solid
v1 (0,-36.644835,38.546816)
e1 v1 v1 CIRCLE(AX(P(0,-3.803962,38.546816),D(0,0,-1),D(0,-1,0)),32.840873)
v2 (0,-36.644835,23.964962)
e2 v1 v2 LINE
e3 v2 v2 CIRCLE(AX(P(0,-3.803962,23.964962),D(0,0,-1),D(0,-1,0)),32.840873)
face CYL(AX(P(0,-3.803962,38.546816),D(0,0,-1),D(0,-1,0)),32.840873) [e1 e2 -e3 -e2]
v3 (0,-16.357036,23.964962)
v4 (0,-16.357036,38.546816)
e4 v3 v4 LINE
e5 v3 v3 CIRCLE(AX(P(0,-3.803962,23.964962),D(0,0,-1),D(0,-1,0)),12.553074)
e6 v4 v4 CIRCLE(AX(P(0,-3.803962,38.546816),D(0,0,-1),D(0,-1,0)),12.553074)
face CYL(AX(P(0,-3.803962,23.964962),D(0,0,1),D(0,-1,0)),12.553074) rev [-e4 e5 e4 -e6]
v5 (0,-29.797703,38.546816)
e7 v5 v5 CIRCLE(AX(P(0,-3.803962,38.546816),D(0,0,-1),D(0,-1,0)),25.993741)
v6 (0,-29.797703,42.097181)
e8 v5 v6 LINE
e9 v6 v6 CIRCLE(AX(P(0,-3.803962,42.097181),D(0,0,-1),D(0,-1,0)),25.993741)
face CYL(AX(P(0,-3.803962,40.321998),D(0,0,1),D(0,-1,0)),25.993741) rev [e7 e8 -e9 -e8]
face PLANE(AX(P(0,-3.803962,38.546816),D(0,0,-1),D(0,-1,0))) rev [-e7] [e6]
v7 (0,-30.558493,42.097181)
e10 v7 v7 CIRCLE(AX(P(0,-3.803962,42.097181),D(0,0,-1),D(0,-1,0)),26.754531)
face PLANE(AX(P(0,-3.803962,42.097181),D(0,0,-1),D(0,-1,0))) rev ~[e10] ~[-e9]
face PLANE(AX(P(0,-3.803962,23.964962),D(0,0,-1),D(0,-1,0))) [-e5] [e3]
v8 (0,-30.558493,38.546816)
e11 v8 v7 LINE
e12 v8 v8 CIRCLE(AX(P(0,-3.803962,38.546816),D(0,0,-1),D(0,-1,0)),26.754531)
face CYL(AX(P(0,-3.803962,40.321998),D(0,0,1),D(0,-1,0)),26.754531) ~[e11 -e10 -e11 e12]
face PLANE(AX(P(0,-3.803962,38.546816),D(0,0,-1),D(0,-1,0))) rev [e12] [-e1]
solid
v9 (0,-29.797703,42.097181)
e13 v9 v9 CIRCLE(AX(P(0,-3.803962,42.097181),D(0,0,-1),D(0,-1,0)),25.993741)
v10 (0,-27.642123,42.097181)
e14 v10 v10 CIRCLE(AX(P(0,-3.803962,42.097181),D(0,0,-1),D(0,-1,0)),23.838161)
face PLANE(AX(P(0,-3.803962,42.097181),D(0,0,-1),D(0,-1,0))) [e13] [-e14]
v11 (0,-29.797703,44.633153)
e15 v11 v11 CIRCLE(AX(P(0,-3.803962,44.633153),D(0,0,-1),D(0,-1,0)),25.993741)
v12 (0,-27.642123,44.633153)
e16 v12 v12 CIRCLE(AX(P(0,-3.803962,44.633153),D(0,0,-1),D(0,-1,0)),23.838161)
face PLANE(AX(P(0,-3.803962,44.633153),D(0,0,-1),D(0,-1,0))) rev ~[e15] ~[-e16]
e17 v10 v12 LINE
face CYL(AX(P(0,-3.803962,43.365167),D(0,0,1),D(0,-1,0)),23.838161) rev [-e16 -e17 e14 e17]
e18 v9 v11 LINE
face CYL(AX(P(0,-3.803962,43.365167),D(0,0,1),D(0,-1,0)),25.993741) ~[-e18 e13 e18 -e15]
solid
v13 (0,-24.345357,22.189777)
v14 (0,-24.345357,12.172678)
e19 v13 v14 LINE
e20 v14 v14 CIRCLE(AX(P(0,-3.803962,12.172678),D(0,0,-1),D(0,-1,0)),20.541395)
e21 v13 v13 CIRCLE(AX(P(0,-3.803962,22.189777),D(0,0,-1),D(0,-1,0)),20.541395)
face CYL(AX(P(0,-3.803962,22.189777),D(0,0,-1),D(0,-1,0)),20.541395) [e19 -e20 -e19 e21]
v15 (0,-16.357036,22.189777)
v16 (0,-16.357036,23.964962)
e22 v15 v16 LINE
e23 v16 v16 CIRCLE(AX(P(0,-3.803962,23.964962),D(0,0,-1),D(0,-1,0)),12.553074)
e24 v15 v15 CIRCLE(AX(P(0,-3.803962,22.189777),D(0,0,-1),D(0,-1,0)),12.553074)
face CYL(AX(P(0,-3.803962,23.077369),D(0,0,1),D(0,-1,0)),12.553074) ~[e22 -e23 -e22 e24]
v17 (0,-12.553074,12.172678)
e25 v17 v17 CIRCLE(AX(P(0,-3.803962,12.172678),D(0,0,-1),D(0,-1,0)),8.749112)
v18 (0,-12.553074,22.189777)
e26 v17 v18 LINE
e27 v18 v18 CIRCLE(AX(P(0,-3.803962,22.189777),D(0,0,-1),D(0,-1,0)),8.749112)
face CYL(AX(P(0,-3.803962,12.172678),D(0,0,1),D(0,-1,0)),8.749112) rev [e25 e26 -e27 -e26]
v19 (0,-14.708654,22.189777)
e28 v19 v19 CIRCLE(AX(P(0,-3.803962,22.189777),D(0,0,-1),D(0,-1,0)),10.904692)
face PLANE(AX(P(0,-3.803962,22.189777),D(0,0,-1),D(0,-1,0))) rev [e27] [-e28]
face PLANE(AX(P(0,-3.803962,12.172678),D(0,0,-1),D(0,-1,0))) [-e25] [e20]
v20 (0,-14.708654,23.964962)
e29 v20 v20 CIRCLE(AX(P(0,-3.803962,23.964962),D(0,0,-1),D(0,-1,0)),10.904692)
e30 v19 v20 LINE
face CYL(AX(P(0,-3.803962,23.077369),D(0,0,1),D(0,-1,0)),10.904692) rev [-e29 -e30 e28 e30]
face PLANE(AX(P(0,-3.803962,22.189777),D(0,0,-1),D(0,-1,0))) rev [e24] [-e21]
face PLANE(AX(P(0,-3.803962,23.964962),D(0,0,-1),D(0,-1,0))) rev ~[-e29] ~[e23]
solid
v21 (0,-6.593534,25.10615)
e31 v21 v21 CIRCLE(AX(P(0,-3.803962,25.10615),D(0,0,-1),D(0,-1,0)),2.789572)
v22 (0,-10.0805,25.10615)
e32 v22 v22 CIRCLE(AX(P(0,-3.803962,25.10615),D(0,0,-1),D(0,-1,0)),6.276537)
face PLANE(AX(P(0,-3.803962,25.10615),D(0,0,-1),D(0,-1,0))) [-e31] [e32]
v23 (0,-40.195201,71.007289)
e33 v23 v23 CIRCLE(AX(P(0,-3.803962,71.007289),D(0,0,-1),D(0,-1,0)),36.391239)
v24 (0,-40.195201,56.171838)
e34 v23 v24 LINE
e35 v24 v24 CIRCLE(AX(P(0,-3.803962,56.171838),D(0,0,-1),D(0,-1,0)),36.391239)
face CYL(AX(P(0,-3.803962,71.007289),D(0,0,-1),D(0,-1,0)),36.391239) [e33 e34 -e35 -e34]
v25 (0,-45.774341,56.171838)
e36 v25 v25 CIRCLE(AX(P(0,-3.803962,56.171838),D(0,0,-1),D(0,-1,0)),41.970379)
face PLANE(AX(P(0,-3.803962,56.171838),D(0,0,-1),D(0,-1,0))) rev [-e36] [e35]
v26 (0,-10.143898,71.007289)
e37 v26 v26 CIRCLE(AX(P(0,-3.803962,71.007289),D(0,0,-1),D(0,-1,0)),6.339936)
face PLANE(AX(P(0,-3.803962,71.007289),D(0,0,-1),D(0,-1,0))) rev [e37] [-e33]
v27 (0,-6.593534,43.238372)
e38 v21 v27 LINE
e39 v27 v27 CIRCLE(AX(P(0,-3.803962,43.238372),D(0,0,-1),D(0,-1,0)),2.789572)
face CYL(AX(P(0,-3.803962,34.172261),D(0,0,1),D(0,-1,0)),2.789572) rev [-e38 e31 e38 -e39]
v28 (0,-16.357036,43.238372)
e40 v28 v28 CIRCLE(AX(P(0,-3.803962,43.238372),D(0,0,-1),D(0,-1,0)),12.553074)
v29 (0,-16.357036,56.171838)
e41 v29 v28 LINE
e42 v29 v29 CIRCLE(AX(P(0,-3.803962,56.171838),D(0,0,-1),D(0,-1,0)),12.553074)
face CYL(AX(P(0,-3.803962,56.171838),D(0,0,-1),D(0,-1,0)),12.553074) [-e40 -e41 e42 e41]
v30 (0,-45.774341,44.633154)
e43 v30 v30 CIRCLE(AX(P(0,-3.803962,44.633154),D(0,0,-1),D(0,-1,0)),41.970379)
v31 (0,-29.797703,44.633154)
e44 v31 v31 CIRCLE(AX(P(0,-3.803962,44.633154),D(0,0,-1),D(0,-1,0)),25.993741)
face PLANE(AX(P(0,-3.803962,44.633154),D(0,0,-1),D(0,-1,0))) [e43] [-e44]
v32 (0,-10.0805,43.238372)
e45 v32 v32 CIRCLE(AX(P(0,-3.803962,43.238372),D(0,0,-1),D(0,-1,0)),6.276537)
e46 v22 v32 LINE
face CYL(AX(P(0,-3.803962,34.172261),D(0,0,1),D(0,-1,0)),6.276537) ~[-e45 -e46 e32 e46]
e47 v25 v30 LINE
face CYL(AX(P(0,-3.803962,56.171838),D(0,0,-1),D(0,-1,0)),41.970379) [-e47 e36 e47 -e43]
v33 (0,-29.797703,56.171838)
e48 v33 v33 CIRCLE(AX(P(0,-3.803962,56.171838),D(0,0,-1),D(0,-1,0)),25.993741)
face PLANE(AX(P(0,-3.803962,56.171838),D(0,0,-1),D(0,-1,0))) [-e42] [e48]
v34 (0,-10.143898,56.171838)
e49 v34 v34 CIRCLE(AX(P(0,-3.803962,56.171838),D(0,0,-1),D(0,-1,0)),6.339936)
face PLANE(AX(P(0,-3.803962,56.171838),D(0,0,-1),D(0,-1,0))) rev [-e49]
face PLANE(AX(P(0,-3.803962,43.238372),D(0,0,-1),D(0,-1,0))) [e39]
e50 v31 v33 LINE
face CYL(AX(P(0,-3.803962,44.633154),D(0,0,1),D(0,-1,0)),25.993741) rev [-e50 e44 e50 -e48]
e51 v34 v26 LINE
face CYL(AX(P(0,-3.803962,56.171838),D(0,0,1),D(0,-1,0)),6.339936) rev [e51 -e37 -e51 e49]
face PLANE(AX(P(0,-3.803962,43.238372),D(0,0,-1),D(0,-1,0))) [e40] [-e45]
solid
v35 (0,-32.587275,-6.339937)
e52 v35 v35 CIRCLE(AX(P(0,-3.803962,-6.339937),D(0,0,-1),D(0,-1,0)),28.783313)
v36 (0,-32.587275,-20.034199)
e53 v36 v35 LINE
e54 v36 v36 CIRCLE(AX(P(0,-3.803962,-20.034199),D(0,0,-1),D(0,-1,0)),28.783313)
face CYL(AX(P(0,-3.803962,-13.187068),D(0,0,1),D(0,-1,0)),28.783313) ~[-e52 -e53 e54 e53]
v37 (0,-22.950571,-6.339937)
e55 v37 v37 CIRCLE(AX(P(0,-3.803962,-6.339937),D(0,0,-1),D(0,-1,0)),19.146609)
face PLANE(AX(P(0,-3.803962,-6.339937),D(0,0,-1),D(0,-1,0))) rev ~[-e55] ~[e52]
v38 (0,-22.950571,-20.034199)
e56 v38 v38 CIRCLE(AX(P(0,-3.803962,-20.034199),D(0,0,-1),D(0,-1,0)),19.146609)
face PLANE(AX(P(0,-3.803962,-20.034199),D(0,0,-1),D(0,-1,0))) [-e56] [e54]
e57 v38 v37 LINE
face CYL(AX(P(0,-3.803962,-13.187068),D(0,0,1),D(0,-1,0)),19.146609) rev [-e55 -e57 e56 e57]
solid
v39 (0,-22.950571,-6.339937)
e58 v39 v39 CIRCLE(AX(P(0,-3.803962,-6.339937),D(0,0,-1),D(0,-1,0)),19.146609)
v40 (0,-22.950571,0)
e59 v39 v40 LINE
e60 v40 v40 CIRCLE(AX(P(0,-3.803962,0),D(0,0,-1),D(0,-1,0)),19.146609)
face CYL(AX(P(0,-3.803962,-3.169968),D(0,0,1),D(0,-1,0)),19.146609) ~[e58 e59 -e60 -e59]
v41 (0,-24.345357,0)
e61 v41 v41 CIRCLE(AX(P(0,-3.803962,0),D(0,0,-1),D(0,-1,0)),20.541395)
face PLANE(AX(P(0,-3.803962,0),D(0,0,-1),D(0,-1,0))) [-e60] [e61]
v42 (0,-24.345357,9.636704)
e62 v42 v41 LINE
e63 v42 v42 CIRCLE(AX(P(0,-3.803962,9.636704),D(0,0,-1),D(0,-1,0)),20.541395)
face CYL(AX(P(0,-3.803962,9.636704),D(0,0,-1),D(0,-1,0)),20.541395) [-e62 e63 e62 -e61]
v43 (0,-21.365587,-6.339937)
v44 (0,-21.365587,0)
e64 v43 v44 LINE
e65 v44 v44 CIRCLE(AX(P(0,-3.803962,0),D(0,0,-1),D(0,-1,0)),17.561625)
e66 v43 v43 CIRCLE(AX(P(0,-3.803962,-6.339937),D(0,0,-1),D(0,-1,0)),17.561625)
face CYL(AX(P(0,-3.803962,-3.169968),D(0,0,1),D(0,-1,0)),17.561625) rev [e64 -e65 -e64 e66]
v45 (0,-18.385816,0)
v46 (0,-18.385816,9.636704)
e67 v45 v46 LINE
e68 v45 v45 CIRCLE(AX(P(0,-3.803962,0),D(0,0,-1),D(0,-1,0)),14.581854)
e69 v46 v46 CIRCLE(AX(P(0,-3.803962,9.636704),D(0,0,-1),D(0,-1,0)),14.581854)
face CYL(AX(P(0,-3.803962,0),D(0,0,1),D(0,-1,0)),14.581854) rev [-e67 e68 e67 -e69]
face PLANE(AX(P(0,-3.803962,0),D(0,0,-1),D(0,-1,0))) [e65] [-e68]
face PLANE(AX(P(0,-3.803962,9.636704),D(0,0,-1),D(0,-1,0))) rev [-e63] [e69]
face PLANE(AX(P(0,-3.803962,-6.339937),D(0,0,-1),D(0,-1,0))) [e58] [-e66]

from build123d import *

# Parameters (mm, degrees)
F0_W   = 9.636704
F0_H   = 13.694263
F0_W_2 = 2.15558
F0_H_2 = 2.535973
F0_W_3 = 1.584984
F0_H_3 = 6.339937
F0_W_4 = 1.648382
F0_H_4 = 1.775185
F0_W_5 = 0.76079
F0_H_5 = 3.550365
F0_W_6 = 3.486965
F0_H_6 = 18.132223


with BuildPart() as f1:
    # F0 (on Right) → F1 (revolve)
    with BuildSketch(Plane.YZ):
        with Locations((-27.768923, -13.187068)):
            Rectangle(F0_W, F0_H)
        Polygon((-45.774341, 44.633154), (-29.797703, 44.633154), (-29.797703, 56.171838), (-40.195201, 56.171838), (-45.774341, 56.171838), align=None)
        with Locations((-28.719913, 43.365167)):
            Rectangle(F0_W_2, F0_H_2)
        Polygon((-36.644835, 23.964962), (-16.357036, 23.964962), (-16.357036, 38.546816), (-29.797703, 38.546816), (-30.558493, 38.546816), (-36.644835, 38.546816), align=None)
        Polygon((-24.345357, 22.189777), (-24.345357, 12.172678), (-12.553074, 12.172678), (-12.553074, 22.189777), (-14.708654, 22.189777), (-16.357036, 22.189777), align=None)
        Polygon((-21.365587, 0), (-18.385816, 0), (-18.385816, 9.636704), (-24.345357, 9.636704), (-24.345357, 0), (-22.950571, 0), align=None)
        with Locations((-22.158079, -3.169968)):
            Rectangle(F0_W_3, F0_H_3)
        with Locations((-15.532845, 23.077369)):
            Rectangle(F0_W_4, F0_H_4)
        with Locations((-30.178098, 40.321998)):
            Rectangle(F0_W_5, F0_H_5)
        Polygon((-40.195201, 56.171838), (-29.797703, 56.171838), (-16.357036, 56.171838), (-10.143898, 56.171838), (-10.143898, 71.007289), (-40.195201, 71.007289), align=None)
        Polygon((-10.143898, 56.171838), (-16.357036, 56.171838), (-16.357036, 43.238372), (-10.080499, 43.238372), (-6.593534, 43.238372), (-3.803962, 43.238372), (-3.803962, 56.171838), align=None)
        with Locations((-8.337017, 34.172261)):
            Rectangle(F0_W_6, F0_H_6)
    revolve(axis=Axis((0, -3.803962, 49.705105), (0, 0, -1)))


solid = f1.part
